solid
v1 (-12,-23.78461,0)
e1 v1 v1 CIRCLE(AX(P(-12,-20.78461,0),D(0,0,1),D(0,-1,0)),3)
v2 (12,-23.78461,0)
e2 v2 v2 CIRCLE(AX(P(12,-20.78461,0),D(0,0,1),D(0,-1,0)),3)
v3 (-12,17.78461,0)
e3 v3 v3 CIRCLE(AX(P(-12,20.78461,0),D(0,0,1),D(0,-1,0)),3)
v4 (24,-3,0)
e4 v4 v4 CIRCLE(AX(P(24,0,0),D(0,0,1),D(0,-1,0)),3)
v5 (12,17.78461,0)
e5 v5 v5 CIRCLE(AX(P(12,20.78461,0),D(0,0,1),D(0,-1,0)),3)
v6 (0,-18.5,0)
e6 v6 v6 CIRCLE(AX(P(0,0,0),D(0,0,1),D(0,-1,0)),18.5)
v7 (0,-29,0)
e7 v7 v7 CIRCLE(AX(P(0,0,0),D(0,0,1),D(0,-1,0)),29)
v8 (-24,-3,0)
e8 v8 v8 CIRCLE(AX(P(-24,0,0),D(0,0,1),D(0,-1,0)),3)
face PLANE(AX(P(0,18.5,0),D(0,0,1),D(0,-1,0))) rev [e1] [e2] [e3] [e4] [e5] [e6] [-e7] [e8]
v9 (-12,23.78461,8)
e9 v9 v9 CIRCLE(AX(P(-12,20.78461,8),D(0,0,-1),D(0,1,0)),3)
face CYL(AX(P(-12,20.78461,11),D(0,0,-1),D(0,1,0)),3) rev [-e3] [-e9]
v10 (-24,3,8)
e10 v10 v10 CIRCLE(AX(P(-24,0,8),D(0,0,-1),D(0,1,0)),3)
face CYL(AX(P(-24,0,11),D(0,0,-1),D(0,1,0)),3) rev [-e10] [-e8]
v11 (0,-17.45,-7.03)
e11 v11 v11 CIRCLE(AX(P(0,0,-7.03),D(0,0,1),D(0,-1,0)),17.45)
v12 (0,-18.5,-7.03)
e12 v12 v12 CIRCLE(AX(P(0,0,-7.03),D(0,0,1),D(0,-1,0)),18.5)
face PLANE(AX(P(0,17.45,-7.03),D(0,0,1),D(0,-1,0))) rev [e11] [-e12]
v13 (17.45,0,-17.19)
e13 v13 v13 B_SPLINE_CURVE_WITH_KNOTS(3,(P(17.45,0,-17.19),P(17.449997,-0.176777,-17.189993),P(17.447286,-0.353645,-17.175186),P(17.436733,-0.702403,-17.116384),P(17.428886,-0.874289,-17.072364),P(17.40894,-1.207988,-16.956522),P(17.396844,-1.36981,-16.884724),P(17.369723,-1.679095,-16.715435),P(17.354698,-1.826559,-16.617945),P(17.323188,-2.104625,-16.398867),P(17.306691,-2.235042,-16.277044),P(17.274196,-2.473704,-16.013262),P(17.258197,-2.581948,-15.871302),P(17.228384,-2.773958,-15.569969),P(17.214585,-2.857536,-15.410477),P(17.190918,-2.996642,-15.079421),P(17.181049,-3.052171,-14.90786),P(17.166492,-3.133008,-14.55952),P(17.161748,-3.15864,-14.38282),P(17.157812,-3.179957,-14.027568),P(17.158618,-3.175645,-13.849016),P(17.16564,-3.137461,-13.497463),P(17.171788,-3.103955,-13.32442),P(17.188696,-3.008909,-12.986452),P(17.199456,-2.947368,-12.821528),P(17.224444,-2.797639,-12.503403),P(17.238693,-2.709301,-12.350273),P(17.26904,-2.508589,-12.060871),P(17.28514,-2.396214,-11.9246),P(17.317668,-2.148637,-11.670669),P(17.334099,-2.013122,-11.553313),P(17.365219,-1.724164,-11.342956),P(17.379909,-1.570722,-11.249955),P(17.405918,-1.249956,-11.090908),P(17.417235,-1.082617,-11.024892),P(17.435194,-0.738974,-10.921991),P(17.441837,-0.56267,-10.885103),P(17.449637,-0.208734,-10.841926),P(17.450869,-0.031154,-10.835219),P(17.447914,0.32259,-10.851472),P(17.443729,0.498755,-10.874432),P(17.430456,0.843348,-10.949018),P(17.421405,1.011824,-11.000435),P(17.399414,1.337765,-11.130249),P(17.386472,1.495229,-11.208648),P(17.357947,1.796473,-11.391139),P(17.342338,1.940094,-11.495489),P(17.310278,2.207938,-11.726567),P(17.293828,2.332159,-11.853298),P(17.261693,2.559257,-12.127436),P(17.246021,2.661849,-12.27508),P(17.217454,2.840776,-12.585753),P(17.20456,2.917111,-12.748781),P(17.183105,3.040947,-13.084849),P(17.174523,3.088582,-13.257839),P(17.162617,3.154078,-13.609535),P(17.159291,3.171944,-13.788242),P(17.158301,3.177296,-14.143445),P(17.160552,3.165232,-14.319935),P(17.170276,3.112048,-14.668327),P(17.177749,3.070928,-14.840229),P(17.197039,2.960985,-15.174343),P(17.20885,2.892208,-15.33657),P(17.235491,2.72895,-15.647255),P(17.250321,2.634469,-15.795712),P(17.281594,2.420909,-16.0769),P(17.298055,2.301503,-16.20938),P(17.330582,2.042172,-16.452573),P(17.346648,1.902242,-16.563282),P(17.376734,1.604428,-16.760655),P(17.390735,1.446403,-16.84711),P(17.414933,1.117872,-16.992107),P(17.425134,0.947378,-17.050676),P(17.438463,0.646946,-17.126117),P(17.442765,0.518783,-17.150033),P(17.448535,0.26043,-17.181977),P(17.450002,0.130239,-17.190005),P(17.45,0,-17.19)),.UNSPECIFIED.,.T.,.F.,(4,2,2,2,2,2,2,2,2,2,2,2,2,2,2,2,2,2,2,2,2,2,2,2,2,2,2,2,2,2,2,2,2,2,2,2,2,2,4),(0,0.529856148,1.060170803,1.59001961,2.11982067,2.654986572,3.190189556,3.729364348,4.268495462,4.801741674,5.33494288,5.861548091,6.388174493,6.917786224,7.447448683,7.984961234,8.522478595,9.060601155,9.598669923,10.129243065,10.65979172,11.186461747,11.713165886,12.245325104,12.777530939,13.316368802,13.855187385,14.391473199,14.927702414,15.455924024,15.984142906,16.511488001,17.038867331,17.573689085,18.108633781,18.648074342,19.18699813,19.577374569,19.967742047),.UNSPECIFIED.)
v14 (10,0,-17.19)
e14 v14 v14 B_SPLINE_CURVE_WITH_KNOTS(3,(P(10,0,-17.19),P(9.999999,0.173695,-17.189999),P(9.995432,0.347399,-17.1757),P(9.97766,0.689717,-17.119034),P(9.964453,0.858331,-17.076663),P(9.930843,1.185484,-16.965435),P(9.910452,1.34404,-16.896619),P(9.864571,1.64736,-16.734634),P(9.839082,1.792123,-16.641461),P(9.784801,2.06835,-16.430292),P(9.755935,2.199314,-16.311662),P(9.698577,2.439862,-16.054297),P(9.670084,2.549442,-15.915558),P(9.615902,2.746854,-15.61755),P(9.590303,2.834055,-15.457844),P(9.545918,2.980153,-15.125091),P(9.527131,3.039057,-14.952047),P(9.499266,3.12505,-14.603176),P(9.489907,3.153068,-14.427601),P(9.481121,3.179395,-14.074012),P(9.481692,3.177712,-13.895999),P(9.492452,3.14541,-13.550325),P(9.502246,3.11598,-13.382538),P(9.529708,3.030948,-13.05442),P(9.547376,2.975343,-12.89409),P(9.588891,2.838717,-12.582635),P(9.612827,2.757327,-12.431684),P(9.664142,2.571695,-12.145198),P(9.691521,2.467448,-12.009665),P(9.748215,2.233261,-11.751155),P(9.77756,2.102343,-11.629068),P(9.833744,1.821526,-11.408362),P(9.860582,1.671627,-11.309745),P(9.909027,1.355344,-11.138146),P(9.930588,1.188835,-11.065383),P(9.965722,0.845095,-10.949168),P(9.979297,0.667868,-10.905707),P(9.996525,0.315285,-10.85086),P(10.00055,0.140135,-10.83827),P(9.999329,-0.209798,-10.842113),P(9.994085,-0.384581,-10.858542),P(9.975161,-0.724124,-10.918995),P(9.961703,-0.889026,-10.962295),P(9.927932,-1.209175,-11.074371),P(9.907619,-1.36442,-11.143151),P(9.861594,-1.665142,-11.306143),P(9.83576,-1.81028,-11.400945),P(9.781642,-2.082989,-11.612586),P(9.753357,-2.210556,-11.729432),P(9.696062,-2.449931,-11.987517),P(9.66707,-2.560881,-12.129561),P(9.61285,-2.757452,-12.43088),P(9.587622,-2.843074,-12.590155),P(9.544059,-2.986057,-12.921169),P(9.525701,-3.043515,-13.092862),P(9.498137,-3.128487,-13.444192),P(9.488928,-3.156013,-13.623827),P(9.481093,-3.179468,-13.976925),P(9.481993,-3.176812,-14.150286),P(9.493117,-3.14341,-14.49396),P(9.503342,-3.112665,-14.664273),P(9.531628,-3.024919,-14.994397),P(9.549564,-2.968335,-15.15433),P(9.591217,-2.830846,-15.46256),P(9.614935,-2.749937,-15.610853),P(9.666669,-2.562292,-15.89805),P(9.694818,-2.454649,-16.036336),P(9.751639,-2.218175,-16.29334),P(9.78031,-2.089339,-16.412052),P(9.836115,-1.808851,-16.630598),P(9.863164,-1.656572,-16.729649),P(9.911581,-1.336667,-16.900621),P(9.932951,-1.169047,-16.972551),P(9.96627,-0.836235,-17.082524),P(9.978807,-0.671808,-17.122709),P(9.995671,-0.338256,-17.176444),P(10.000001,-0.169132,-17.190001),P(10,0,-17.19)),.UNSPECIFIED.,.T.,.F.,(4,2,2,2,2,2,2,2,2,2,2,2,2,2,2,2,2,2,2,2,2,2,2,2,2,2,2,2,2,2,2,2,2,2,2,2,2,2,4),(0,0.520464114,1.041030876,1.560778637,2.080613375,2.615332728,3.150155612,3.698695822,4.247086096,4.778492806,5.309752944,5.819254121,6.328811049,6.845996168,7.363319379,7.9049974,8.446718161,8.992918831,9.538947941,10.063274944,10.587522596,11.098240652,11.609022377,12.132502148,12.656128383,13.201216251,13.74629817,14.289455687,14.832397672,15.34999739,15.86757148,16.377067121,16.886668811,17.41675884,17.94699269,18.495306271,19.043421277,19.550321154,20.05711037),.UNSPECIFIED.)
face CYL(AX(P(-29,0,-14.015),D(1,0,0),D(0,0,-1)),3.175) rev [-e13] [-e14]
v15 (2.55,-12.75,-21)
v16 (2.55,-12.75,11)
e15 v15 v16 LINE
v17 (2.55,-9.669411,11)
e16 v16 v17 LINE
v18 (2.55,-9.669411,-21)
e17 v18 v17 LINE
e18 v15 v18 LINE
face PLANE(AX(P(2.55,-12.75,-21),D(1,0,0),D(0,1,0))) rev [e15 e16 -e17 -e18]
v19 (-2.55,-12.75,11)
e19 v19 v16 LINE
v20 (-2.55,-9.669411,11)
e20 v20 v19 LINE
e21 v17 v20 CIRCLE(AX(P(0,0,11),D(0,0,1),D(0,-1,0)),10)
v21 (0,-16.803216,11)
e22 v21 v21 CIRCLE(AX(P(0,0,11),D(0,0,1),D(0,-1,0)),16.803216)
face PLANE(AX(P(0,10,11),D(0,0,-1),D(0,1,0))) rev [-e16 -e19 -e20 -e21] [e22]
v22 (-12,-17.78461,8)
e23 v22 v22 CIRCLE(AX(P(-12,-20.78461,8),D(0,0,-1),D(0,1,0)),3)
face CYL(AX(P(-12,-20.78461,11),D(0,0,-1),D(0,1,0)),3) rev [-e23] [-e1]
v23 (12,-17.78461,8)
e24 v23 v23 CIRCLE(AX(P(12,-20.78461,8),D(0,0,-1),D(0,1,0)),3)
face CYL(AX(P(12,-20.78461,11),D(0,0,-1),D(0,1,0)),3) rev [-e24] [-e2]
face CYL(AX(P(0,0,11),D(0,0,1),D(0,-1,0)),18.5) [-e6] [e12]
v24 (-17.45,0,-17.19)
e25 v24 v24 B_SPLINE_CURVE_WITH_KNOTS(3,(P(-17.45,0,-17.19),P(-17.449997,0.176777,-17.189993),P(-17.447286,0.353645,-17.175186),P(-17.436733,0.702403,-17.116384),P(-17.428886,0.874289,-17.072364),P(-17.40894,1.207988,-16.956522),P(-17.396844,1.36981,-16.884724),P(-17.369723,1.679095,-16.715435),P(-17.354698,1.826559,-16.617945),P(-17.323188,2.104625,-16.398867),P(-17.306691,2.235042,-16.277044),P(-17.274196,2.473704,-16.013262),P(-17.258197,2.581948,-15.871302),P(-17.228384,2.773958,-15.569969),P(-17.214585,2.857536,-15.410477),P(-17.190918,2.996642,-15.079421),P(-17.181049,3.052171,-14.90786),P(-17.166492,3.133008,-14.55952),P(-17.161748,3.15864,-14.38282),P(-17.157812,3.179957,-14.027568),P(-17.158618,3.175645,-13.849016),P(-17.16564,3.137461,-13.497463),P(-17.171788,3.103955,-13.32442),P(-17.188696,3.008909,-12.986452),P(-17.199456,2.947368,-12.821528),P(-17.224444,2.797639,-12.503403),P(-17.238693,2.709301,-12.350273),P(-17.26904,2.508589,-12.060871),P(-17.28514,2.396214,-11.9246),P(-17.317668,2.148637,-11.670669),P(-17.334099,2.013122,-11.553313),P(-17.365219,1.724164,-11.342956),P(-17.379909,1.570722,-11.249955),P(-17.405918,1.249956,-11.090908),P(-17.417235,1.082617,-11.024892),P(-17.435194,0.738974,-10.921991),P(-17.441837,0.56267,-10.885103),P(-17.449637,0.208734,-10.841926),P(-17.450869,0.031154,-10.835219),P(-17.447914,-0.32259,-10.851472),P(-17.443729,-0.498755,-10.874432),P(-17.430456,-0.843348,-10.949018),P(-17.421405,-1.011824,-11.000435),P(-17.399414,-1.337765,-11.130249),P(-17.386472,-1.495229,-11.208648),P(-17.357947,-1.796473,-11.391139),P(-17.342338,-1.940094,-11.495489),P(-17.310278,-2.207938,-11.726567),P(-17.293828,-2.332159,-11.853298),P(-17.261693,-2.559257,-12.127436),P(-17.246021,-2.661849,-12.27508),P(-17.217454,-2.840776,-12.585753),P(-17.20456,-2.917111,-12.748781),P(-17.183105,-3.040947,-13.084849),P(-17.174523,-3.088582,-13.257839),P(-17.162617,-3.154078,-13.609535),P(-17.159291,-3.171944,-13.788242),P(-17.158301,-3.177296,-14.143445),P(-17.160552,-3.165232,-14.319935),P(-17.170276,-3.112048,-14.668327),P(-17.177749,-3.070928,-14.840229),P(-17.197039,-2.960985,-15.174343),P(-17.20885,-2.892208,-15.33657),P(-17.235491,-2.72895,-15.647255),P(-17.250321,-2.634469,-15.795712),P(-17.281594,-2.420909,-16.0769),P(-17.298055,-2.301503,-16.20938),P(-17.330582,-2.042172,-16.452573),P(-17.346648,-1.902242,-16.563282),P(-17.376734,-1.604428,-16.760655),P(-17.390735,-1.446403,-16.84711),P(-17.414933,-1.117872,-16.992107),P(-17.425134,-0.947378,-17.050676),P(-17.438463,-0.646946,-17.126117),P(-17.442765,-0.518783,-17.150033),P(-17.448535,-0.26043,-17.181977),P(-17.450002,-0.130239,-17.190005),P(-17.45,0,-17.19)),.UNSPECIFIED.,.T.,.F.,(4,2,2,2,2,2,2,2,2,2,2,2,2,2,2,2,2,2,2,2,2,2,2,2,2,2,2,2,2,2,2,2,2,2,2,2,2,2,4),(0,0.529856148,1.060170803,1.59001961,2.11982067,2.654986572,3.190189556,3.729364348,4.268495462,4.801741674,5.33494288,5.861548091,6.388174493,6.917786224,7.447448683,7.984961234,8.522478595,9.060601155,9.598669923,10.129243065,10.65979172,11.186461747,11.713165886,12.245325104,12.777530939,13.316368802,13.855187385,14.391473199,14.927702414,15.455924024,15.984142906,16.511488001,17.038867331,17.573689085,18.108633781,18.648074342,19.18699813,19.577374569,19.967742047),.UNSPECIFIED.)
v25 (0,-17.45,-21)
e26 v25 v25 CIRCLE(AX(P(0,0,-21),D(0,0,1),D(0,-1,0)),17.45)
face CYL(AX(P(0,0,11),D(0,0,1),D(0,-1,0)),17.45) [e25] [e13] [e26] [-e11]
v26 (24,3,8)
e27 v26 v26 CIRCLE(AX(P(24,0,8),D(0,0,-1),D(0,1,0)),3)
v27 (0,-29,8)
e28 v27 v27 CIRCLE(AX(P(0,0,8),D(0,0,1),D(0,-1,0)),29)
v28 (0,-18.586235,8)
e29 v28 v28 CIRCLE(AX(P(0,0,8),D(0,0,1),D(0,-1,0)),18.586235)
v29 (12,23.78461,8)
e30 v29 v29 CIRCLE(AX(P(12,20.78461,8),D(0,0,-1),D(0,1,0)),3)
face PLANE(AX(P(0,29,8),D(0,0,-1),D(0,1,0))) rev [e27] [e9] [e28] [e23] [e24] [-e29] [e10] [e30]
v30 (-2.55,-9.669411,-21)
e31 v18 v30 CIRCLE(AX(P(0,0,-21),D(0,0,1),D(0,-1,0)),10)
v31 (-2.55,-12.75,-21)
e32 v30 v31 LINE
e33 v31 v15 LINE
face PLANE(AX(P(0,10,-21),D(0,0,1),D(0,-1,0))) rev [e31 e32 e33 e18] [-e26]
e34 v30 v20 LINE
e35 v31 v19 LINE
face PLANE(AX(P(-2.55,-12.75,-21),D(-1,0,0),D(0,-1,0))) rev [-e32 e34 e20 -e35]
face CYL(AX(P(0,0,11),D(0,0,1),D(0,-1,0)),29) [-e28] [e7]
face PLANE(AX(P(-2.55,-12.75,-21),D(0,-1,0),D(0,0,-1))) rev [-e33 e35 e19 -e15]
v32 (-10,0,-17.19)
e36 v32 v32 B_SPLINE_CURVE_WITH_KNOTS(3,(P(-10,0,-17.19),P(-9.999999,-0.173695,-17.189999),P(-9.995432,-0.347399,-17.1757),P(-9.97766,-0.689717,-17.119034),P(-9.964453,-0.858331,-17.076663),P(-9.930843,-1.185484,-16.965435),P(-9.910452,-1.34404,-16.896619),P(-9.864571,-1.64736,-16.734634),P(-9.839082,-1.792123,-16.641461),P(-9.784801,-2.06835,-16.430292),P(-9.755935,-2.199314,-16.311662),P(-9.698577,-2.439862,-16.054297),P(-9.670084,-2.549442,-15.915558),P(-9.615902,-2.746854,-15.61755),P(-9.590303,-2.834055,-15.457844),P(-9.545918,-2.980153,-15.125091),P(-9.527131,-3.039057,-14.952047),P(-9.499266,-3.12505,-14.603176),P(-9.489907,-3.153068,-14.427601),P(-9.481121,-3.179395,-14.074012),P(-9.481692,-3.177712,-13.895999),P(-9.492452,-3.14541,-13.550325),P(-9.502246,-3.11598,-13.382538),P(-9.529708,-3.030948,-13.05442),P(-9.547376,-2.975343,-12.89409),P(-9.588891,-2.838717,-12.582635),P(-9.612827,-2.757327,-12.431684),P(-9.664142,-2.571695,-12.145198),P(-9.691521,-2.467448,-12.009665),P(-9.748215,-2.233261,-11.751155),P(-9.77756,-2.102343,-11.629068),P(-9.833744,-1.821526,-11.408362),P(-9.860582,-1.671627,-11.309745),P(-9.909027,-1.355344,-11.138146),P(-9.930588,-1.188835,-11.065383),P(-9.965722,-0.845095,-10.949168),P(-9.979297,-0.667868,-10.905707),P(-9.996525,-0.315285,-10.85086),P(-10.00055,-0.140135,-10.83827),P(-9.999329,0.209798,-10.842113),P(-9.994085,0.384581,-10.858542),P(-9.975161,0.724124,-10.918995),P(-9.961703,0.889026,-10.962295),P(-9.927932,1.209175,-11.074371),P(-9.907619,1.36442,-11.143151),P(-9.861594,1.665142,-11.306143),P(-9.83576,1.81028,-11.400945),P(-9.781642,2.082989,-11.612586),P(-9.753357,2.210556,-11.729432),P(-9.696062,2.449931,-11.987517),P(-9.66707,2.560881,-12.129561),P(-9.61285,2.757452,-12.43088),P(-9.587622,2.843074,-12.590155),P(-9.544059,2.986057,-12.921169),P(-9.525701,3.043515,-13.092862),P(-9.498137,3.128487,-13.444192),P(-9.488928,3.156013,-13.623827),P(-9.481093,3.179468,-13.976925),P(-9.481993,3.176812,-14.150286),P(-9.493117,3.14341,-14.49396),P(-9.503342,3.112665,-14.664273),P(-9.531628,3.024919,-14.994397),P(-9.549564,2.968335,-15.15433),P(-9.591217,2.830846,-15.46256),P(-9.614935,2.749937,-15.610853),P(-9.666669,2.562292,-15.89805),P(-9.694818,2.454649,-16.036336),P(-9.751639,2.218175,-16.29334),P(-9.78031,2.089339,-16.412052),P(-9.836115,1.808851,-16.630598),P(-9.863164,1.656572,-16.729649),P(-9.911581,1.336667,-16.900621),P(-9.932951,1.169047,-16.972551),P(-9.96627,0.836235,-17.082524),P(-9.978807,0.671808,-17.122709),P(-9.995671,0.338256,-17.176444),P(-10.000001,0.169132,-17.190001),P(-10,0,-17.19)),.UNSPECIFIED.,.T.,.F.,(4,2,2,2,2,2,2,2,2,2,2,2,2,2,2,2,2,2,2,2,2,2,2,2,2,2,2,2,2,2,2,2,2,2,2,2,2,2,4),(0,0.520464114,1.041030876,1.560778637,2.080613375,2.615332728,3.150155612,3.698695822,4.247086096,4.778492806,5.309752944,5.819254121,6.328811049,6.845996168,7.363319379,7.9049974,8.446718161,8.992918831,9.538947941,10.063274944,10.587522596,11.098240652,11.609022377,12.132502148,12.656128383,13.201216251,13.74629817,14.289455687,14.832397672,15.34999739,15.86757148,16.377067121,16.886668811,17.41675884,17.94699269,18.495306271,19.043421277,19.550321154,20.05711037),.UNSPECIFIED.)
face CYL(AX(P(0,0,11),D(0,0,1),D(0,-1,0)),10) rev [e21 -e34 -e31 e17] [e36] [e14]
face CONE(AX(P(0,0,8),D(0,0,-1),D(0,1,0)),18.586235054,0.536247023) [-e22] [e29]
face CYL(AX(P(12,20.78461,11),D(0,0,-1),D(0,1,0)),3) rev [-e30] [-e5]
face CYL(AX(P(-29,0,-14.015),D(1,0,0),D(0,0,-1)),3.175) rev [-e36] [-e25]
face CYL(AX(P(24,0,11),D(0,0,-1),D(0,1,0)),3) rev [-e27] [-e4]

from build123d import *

# Parameters (mm, degrees)
CUT_EXTRUDE1_DEPTH      = 12
CUT_EXTRUDE1_DEPTH_BACK = 22
SKETCH3_R               = 3
CUT_EXTRUDE2_DEPTH      = 22
CUT_EXTRUDE2_DEPTH_BACK = 12
SKETCH4_R               = 3.175
CUT_EXTRUDE3_DEPTH      = 30
CUT_EXTRUDE3_DEPTH_BACK = 30


with BuildPart() as part:
    # Sketch1 → Revolve1 (revolve)
    with BuildSketch(Plane(origin=(0, 0, 0), x_dir=(0, 0, -1), z_dir=(1, 0, 0))):
        Polygon((21, 17.45), (7.03, 17.45), (7.03, 18.5), (0, 18.5), (0, 29), (-8, 29), (-8, 18.586235054), (-11, 16.803216346), (-11, 10), (21, 10), align=None)
    revolve(axis=Axis((0, 0, 11), (0, 0, -1)))

    # Sketch2 → Cut-Extrude1 (cut, two sides)
    with BuildSketch(Plane.XY) as cut_extrude1_sk:
        with BuildLine():
            Line((-2.55, -12.75), (2.55, -12.75))
            Line((2.55, -12.75), (2.55, -9.66941053))
            ThreePointArc((2.55, -9.66941053), (0, -10), (-2.55, -9.66941053))
            Line((-2.55, -9.66941053), (-2.55, -12.75))
        make_face()
    extrude(amount=CUT_EXTRUDE1_DEPTH, mode=Mode.SUBTRACT)
    extrude(cut_extrude1_sk.sketch, amount=-CUT_EXTRUDE1_DEPTH_BACK, mode=Mode.SUBTRACT)

    # Sketch3 → Cut-Extrude2 (cut, two sides)
    with BuildSketch(Plane(origin=(0, 0, 0), x_dir=(-1, 0, 0), z_dir=(0, 0, -1))) as cut_extrude2_sk:
        with Locations((-24, 0)):
            Circle(SKETCH3_R)
        with Locations((-12, 20.784609691)):
            Circle(SKETCH3_R)
        with Locations((12, 20.784609691)):
            Circle(SKETCH3_R)
        with Locations((24, 0)):
            Circle(SKETCH3_R)
        with Locations((12, -20.784609691)):
            Circle(SKETCH3_R)
        with Locations((-12, -20.784609691)):
            Circle(SKETCH3_R)
    extrude(amount=CUT_EXTRUDE2_DEPTH, mode=Mode.SUBTRACT)
    extrude(cut_extrude2_sk.sketch, amount=-CUT_EXTRUDE2_DEPTH_BACK, mode=Mode.SUBTRACT)

    # Sketch4 → Cut-Extrude3 (cut, two sides)
    with BuildSketch(Plane(origin=(0, 0, 0), x_dir=(0, -1, 0), z_dir=(1, 0, 0))) as cut_extrude3_sk:
        with Locations((0, 14.015)):
            Circle(SKETCH4_R)
    extrude(amount=CUT_EXTRUDE3_DEPTH, mode=Mode.SUBTRACT)
    extrude(cut_extrude3_sk.sketch, amount=-CUT_EXTRUDE3_DEPTH_BACK, mode=Mode.SUBTRACT)


solid = part.part
